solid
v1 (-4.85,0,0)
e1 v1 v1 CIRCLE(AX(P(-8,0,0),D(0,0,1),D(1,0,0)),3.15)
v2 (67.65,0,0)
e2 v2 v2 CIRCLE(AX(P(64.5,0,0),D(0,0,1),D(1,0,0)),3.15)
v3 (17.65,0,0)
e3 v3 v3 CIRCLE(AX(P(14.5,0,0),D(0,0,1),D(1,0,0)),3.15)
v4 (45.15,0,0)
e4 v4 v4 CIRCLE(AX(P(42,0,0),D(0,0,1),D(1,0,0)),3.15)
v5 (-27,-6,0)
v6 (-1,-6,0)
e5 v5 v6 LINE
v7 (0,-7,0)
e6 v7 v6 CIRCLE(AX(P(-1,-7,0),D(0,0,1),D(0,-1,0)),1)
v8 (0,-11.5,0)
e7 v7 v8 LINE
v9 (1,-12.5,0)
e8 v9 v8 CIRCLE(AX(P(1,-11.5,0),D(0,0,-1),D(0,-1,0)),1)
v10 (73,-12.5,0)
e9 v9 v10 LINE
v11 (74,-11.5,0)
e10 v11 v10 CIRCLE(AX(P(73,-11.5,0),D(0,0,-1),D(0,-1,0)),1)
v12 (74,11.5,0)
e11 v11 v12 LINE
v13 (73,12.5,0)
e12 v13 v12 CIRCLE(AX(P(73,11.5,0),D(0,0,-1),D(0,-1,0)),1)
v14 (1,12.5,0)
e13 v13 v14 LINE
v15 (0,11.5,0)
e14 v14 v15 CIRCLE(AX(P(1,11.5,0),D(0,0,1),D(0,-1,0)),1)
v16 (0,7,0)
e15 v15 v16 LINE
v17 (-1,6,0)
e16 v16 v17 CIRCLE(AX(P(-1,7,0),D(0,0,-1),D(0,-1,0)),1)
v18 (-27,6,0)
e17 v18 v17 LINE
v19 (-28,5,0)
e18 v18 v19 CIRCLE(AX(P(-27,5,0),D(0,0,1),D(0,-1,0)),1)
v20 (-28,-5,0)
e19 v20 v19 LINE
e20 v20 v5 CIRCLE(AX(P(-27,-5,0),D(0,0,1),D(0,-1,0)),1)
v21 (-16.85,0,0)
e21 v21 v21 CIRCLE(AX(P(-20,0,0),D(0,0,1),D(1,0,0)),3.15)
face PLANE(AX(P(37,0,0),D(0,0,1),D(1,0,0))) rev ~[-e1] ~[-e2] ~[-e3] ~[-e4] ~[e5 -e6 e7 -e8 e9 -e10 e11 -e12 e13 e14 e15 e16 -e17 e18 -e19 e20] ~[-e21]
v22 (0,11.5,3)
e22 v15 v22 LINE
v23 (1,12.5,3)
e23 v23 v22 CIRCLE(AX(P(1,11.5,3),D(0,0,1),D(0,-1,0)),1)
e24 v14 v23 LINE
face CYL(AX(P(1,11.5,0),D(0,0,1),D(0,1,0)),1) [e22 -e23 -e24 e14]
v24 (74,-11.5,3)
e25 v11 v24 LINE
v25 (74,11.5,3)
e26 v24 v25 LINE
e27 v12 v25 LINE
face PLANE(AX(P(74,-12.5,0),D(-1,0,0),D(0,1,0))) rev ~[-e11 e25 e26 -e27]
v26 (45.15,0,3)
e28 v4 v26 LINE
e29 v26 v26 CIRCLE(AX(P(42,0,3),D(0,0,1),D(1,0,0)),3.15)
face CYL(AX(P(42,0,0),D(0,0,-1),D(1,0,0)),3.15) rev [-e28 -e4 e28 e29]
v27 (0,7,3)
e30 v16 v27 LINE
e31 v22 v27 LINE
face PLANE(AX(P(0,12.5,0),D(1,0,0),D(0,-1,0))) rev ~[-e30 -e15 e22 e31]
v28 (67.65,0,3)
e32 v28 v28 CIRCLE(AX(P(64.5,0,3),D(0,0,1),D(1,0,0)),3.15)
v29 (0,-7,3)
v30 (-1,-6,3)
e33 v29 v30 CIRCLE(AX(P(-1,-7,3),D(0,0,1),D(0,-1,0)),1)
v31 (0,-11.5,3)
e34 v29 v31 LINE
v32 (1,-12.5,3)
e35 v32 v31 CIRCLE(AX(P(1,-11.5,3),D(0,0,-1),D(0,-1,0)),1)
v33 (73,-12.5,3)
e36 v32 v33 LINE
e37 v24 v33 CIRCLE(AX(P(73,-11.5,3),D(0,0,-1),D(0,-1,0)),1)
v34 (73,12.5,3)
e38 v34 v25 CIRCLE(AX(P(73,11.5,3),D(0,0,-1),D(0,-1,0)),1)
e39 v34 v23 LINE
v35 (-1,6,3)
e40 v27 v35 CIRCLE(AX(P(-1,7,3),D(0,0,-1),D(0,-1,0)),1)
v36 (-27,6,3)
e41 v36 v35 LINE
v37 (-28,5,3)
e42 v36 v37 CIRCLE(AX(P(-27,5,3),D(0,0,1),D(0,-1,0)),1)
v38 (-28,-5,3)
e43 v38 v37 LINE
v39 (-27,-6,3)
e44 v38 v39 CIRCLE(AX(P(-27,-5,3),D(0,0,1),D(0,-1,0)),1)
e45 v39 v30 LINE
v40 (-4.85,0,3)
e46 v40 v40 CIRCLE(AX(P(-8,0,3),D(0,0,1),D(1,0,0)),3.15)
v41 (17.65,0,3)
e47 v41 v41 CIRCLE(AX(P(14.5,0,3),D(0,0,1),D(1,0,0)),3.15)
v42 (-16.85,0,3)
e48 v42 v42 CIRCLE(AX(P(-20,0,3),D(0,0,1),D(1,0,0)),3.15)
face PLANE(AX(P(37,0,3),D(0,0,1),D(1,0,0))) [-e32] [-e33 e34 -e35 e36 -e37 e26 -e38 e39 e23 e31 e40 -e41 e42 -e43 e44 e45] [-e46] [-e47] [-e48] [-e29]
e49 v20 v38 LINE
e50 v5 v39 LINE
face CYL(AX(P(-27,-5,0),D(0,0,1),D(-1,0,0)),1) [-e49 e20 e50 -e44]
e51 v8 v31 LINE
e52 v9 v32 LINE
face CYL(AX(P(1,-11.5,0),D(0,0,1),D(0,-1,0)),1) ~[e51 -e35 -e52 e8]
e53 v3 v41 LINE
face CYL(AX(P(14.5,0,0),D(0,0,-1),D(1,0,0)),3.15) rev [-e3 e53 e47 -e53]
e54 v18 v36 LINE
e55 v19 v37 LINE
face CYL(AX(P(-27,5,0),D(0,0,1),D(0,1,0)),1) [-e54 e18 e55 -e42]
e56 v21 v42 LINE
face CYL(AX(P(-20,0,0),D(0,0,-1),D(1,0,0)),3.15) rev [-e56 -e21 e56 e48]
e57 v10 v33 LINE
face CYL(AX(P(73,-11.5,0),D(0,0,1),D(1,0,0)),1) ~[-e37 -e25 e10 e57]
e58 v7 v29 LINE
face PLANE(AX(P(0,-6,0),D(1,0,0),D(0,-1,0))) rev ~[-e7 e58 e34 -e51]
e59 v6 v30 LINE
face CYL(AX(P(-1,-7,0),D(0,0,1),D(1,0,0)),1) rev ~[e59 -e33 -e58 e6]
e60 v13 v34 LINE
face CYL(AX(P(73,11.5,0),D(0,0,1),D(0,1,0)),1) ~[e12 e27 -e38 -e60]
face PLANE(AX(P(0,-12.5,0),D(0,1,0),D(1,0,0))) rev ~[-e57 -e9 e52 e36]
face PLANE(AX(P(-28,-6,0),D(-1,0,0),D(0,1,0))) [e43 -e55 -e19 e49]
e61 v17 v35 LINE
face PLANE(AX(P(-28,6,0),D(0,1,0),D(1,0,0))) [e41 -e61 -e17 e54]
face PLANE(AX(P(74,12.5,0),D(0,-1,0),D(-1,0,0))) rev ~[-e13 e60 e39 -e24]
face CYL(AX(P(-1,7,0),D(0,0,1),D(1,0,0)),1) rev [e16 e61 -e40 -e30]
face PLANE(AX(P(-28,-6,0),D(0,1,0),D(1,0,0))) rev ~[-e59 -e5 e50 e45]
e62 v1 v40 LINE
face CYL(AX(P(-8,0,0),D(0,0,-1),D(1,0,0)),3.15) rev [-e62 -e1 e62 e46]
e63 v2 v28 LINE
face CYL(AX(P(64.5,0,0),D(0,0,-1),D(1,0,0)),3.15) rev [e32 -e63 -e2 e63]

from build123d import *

# Parameters (mm, degrees)
F0_R     = 3.15
F0_W     = 28
F0_H     = 12
F1_DEPTH = 3
F2_R     = 1


with BuildPart() as f1:
    # F0 (on Top) → F1 (new body)
    with BuildSketch(Plane.XY):
        Polygon((74, 12.5), (0, 12.5), (0, 6), (0, -6), (0, -12.5), (74, -12.5), align=None)
        with Locations((14.5, 0)):
            Circle(F0_R, mode=Mode.SUBTRACT)
        with Locations((42, 0)):
            Circle(F0_R, mode=Mode.SUBTRACT)
        with Locations((64.5, 0)):
            Circle(F0_R, mode=Mode.SUBTRACT)
        with Locations((-14, 0)):
            Rectangle(F0_W, F0_H)
        with Locations((-20, 0)):
            Circle(F0_R, mode=Mode.SUBTRACT)
        with Locations((-8, 0)):
            Circle(F0_R, mode=Mode.SUBTRACT)
    extrude(amount=F1_DEPTH)

    # F2
    f2_edges = [f1.edges().sort_by_distance(p)[0] for p in [
        (-28, 6, 1.5),
        (-28, -6, 1.5),
        (0, 6, 1.5),
        (0, 12.5, 1.5),
        (0, -6, 1.5),
        (0, -12.5, 1.5),
        (74, -12.5, 1.5),
        (74, 12.5, 1.5),
    ]]
    fillet(f2_edges, radius=F2_R)


solid = f1.part
